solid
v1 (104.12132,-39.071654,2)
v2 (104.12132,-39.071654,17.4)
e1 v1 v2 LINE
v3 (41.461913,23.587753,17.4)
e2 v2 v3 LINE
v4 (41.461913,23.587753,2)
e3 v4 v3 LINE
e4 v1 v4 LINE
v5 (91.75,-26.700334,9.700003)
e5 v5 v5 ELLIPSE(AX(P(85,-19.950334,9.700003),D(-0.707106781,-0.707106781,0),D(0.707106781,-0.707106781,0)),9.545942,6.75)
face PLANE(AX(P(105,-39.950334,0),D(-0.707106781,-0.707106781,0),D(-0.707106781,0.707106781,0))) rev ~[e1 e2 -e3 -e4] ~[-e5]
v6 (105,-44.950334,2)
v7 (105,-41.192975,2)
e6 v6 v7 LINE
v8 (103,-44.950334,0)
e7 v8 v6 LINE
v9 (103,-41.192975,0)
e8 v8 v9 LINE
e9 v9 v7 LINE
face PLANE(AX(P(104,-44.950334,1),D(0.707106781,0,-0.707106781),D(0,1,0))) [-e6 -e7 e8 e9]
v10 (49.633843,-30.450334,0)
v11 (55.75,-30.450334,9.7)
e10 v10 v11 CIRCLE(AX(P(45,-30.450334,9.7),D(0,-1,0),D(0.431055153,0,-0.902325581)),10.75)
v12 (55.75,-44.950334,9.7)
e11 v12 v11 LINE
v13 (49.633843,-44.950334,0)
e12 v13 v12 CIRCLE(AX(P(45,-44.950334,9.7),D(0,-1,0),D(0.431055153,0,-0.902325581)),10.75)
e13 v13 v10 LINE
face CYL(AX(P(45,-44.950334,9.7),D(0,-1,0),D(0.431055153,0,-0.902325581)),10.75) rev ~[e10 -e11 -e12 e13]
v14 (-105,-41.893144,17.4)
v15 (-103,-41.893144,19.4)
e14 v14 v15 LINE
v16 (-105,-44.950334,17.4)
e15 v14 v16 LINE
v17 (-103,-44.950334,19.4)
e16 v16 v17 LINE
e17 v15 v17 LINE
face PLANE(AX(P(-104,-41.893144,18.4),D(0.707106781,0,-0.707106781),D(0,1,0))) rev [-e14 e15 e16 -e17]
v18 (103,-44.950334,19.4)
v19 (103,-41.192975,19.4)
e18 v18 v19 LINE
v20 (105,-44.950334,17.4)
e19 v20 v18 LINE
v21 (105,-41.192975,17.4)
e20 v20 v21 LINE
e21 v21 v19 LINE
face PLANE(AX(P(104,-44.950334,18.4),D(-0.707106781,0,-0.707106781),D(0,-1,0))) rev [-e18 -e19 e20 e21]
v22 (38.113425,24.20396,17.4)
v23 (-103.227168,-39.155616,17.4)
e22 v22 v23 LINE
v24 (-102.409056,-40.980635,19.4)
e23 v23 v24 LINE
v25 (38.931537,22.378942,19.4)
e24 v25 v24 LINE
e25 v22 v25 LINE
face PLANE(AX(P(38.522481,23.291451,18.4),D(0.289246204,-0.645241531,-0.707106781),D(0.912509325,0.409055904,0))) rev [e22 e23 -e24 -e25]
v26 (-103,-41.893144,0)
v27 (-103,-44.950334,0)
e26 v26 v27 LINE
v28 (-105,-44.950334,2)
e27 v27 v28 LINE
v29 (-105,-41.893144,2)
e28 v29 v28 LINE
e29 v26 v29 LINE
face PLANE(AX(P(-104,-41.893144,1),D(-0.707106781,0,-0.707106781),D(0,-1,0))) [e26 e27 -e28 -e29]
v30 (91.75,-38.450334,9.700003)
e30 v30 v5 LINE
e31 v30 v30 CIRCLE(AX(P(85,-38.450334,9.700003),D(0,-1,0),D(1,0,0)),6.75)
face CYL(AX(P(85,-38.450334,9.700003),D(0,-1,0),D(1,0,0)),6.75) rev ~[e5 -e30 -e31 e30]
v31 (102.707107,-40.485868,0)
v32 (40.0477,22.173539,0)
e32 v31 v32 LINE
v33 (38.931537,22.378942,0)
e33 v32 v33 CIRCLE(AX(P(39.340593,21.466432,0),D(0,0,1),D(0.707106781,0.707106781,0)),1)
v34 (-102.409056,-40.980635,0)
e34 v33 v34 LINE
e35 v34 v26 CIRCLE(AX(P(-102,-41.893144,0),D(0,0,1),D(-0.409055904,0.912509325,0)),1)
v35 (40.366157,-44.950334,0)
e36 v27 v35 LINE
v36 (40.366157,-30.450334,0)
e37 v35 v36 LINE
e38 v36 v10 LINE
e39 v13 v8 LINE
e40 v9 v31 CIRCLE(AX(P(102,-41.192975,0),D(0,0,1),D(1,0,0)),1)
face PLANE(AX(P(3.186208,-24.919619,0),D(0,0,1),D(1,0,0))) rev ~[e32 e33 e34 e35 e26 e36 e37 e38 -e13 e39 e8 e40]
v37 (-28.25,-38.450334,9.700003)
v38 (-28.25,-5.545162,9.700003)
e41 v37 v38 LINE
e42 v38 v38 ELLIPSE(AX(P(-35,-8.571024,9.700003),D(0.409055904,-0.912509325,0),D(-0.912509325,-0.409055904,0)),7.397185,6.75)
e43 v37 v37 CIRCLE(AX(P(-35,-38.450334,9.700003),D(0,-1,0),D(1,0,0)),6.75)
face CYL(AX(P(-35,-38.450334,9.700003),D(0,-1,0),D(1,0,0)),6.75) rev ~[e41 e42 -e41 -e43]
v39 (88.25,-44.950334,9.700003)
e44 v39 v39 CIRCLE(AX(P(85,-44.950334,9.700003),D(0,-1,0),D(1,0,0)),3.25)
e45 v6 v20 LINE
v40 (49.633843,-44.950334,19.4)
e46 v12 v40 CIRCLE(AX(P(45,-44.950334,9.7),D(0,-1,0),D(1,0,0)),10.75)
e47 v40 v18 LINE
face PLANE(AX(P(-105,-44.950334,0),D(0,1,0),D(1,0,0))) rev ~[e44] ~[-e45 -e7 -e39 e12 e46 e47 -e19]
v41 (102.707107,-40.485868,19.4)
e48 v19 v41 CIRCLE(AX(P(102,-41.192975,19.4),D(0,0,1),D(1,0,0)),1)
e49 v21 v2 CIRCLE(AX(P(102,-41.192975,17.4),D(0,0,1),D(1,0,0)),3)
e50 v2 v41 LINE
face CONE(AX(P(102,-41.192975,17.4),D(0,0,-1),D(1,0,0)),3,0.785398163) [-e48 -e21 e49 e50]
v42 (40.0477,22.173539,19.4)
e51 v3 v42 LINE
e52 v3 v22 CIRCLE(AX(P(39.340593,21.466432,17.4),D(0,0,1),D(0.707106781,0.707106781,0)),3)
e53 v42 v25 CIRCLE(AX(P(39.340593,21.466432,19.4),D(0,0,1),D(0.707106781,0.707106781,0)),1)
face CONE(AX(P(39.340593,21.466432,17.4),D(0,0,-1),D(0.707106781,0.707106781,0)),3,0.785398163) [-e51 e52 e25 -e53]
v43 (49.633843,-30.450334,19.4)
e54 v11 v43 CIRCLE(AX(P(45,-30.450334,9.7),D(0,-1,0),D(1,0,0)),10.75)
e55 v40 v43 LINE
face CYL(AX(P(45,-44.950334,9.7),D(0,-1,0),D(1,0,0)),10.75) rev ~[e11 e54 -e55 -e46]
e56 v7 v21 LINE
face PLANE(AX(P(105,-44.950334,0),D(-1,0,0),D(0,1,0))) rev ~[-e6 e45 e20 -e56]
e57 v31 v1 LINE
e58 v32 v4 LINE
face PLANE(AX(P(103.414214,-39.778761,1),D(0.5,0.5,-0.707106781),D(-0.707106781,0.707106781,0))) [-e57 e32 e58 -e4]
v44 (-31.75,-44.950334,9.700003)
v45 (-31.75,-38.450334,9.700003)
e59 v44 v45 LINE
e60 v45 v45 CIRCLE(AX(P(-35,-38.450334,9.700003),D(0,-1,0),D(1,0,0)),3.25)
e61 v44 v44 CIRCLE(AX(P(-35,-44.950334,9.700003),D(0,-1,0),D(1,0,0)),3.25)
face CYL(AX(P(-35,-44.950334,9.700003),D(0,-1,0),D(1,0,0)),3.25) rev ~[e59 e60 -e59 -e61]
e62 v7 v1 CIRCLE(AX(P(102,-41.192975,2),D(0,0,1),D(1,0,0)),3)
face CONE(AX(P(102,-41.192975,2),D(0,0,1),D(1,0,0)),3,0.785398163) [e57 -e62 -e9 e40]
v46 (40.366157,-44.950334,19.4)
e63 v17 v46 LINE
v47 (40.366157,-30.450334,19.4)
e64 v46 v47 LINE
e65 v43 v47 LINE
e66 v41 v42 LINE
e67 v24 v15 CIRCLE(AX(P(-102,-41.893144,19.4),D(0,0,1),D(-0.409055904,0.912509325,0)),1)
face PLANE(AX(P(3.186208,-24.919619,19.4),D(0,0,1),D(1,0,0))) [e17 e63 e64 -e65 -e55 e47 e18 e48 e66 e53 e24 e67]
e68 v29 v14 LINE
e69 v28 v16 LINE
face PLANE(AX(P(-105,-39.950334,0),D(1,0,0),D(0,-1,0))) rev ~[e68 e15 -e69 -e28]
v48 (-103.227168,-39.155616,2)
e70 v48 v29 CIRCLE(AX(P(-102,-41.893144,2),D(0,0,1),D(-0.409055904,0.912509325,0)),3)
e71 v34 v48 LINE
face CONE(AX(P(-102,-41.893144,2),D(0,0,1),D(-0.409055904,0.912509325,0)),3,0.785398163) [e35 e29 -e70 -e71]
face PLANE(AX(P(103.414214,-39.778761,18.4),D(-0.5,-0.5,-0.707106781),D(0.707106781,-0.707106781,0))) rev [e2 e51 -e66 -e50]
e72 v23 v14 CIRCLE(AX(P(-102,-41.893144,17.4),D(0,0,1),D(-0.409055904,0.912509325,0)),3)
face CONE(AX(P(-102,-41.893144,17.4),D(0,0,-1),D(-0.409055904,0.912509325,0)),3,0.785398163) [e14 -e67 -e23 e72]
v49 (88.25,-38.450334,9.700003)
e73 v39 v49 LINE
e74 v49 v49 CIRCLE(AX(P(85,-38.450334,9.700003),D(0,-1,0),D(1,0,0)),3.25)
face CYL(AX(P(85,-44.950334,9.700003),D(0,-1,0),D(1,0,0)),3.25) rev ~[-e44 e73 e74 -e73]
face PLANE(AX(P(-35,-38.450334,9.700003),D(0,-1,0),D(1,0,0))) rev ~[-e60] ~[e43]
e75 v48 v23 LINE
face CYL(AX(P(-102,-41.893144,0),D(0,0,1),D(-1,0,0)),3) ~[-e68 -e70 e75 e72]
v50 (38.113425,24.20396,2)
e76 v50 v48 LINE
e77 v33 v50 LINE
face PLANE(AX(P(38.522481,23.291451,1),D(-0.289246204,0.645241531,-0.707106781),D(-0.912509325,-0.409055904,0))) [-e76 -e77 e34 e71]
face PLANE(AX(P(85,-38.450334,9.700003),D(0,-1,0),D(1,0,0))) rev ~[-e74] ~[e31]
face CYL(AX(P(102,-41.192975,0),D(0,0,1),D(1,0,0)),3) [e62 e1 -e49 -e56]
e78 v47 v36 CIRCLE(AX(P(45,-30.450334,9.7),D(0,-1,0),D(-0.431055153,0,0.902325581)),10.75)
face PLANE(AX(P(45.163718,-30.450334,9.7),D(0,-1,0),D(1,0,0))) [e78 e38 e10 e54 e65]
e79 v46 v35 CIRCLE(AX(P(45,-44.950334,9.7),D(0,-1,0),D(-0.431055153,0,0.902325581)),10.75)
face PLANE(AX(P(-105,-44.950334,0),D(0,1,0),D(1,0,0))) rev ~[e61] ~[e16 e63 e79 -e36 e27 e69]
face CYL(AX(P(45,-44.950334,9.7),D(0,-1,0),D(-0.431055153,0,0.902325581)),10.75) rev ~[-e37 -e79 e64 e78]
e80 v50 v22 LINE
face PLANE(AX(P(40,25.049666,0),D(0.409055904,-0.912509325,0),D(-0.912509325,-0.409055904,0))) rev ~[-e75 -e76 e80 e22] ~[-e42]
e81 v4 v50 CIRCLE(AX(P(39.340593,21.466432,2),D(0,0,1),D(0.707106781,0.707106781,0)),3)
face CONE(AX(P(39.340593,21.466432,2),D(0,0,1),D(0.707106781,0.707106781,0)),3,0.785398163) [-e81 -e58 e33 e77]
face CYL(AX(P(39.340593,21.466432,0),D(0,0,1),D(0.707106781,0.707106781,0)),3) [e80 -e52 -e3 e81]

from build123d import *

# Parameters (mm, degrees)
F1_DEPTH  = 19.4
F2_R      = 3
F4_DEPTH  = 14.5
F5_R      = 3.25
F6_DEPTH  = 69.4177661804
F9_R      = 6.75
F10_DEPTH = 62.9177661804
F11_SIZE  = 2


with BuildPart() as f1:
    # F0 (on Top) → F1 (new body)
    with BuildSketch(Plane.XY):
        Polygon((-105, -39.9503339168), (-105, -44.9503339168), (105, -44.9503339168), (105, -39.9503339168), (40, 25.0496660832), align=None)
    extrude(amount=F1_DEPTH)

    # F2
    f2_edges = [f1.edges().sort_by_distance(p)[0] for p in [
        (40, 25.049666, 9.7),
        (105, -39.950334, 9.7),
        (-105, -39.950334, 9.7),
    ]]
    fillet(f2_edges, radius=F2_R)

    # F3 (on face) → F4 (cut)
    with BuildSketch(Plane.XZ.offset(44.9503339168)):
        with BuildLine():
            ThreePointArc((49.6338428976, 0), (54.0933027869, 3.9663846985), (55.75, 9.7))
            ThreePointArc((55.75, 9.7), (54.0933027869, 15.4336153015), (49.6338428976, 19.4))
            Line((49.6338428976, 19.4), (40.3661571024, 19.4))
            ThreePointArc((40.3661571024, 19.4), (34.25, 9.7), (40.3661571024, 0))
            Line((40.3661571024, 0), (49.6338428976, 0))
        make_face()
    extrude(amount=-F4_DEPTH, mode=Mode.SUBTRACT)

    # F5 (on face) → F6 (cut, through all)
    with BuildSketch(Plane.XZ.offset(44.9503339168)):
        with Locations((-35, 9.7000030801)):
            Circle(F5_R)
        with Locations((85, 9.7000030801)):
            Circle(F5_R)
    extrude(amount=-F6_DEPTH, mode=Mode.SUBTRACT)

    # F9 (on offset) → F10 (cut, through all)
    with BuildSketch(Plane.XZ.offset(38.4503339168)):
        with Locations((85, 9.7000030801)):
            Circle(F9_R)
        with Locations((-35, 9.7000030801)):
            Circle(F9_R)
    extrude(amount=-F10_DEPTH, mode=Mode.SUBTRACT)

    # F11
    f11_edges = [f1.edges().sort_by_distance(p)[0] for p in [
        (-105, -43.421739, 19.4),
        (-104.518085, -40.262424, 19.4),
        (-32.556871, -7.475828, 19.4),
        (39.883553, 24.416889, 19.4),
        (72.791617, -7.741951, 19.4),
        (105, -43.071654, 19.4),
        (72.791617, -7.741951, 0),
    ]]
    chamfer(f11_edges, length=F11_SIZE)


solid = f1.part
